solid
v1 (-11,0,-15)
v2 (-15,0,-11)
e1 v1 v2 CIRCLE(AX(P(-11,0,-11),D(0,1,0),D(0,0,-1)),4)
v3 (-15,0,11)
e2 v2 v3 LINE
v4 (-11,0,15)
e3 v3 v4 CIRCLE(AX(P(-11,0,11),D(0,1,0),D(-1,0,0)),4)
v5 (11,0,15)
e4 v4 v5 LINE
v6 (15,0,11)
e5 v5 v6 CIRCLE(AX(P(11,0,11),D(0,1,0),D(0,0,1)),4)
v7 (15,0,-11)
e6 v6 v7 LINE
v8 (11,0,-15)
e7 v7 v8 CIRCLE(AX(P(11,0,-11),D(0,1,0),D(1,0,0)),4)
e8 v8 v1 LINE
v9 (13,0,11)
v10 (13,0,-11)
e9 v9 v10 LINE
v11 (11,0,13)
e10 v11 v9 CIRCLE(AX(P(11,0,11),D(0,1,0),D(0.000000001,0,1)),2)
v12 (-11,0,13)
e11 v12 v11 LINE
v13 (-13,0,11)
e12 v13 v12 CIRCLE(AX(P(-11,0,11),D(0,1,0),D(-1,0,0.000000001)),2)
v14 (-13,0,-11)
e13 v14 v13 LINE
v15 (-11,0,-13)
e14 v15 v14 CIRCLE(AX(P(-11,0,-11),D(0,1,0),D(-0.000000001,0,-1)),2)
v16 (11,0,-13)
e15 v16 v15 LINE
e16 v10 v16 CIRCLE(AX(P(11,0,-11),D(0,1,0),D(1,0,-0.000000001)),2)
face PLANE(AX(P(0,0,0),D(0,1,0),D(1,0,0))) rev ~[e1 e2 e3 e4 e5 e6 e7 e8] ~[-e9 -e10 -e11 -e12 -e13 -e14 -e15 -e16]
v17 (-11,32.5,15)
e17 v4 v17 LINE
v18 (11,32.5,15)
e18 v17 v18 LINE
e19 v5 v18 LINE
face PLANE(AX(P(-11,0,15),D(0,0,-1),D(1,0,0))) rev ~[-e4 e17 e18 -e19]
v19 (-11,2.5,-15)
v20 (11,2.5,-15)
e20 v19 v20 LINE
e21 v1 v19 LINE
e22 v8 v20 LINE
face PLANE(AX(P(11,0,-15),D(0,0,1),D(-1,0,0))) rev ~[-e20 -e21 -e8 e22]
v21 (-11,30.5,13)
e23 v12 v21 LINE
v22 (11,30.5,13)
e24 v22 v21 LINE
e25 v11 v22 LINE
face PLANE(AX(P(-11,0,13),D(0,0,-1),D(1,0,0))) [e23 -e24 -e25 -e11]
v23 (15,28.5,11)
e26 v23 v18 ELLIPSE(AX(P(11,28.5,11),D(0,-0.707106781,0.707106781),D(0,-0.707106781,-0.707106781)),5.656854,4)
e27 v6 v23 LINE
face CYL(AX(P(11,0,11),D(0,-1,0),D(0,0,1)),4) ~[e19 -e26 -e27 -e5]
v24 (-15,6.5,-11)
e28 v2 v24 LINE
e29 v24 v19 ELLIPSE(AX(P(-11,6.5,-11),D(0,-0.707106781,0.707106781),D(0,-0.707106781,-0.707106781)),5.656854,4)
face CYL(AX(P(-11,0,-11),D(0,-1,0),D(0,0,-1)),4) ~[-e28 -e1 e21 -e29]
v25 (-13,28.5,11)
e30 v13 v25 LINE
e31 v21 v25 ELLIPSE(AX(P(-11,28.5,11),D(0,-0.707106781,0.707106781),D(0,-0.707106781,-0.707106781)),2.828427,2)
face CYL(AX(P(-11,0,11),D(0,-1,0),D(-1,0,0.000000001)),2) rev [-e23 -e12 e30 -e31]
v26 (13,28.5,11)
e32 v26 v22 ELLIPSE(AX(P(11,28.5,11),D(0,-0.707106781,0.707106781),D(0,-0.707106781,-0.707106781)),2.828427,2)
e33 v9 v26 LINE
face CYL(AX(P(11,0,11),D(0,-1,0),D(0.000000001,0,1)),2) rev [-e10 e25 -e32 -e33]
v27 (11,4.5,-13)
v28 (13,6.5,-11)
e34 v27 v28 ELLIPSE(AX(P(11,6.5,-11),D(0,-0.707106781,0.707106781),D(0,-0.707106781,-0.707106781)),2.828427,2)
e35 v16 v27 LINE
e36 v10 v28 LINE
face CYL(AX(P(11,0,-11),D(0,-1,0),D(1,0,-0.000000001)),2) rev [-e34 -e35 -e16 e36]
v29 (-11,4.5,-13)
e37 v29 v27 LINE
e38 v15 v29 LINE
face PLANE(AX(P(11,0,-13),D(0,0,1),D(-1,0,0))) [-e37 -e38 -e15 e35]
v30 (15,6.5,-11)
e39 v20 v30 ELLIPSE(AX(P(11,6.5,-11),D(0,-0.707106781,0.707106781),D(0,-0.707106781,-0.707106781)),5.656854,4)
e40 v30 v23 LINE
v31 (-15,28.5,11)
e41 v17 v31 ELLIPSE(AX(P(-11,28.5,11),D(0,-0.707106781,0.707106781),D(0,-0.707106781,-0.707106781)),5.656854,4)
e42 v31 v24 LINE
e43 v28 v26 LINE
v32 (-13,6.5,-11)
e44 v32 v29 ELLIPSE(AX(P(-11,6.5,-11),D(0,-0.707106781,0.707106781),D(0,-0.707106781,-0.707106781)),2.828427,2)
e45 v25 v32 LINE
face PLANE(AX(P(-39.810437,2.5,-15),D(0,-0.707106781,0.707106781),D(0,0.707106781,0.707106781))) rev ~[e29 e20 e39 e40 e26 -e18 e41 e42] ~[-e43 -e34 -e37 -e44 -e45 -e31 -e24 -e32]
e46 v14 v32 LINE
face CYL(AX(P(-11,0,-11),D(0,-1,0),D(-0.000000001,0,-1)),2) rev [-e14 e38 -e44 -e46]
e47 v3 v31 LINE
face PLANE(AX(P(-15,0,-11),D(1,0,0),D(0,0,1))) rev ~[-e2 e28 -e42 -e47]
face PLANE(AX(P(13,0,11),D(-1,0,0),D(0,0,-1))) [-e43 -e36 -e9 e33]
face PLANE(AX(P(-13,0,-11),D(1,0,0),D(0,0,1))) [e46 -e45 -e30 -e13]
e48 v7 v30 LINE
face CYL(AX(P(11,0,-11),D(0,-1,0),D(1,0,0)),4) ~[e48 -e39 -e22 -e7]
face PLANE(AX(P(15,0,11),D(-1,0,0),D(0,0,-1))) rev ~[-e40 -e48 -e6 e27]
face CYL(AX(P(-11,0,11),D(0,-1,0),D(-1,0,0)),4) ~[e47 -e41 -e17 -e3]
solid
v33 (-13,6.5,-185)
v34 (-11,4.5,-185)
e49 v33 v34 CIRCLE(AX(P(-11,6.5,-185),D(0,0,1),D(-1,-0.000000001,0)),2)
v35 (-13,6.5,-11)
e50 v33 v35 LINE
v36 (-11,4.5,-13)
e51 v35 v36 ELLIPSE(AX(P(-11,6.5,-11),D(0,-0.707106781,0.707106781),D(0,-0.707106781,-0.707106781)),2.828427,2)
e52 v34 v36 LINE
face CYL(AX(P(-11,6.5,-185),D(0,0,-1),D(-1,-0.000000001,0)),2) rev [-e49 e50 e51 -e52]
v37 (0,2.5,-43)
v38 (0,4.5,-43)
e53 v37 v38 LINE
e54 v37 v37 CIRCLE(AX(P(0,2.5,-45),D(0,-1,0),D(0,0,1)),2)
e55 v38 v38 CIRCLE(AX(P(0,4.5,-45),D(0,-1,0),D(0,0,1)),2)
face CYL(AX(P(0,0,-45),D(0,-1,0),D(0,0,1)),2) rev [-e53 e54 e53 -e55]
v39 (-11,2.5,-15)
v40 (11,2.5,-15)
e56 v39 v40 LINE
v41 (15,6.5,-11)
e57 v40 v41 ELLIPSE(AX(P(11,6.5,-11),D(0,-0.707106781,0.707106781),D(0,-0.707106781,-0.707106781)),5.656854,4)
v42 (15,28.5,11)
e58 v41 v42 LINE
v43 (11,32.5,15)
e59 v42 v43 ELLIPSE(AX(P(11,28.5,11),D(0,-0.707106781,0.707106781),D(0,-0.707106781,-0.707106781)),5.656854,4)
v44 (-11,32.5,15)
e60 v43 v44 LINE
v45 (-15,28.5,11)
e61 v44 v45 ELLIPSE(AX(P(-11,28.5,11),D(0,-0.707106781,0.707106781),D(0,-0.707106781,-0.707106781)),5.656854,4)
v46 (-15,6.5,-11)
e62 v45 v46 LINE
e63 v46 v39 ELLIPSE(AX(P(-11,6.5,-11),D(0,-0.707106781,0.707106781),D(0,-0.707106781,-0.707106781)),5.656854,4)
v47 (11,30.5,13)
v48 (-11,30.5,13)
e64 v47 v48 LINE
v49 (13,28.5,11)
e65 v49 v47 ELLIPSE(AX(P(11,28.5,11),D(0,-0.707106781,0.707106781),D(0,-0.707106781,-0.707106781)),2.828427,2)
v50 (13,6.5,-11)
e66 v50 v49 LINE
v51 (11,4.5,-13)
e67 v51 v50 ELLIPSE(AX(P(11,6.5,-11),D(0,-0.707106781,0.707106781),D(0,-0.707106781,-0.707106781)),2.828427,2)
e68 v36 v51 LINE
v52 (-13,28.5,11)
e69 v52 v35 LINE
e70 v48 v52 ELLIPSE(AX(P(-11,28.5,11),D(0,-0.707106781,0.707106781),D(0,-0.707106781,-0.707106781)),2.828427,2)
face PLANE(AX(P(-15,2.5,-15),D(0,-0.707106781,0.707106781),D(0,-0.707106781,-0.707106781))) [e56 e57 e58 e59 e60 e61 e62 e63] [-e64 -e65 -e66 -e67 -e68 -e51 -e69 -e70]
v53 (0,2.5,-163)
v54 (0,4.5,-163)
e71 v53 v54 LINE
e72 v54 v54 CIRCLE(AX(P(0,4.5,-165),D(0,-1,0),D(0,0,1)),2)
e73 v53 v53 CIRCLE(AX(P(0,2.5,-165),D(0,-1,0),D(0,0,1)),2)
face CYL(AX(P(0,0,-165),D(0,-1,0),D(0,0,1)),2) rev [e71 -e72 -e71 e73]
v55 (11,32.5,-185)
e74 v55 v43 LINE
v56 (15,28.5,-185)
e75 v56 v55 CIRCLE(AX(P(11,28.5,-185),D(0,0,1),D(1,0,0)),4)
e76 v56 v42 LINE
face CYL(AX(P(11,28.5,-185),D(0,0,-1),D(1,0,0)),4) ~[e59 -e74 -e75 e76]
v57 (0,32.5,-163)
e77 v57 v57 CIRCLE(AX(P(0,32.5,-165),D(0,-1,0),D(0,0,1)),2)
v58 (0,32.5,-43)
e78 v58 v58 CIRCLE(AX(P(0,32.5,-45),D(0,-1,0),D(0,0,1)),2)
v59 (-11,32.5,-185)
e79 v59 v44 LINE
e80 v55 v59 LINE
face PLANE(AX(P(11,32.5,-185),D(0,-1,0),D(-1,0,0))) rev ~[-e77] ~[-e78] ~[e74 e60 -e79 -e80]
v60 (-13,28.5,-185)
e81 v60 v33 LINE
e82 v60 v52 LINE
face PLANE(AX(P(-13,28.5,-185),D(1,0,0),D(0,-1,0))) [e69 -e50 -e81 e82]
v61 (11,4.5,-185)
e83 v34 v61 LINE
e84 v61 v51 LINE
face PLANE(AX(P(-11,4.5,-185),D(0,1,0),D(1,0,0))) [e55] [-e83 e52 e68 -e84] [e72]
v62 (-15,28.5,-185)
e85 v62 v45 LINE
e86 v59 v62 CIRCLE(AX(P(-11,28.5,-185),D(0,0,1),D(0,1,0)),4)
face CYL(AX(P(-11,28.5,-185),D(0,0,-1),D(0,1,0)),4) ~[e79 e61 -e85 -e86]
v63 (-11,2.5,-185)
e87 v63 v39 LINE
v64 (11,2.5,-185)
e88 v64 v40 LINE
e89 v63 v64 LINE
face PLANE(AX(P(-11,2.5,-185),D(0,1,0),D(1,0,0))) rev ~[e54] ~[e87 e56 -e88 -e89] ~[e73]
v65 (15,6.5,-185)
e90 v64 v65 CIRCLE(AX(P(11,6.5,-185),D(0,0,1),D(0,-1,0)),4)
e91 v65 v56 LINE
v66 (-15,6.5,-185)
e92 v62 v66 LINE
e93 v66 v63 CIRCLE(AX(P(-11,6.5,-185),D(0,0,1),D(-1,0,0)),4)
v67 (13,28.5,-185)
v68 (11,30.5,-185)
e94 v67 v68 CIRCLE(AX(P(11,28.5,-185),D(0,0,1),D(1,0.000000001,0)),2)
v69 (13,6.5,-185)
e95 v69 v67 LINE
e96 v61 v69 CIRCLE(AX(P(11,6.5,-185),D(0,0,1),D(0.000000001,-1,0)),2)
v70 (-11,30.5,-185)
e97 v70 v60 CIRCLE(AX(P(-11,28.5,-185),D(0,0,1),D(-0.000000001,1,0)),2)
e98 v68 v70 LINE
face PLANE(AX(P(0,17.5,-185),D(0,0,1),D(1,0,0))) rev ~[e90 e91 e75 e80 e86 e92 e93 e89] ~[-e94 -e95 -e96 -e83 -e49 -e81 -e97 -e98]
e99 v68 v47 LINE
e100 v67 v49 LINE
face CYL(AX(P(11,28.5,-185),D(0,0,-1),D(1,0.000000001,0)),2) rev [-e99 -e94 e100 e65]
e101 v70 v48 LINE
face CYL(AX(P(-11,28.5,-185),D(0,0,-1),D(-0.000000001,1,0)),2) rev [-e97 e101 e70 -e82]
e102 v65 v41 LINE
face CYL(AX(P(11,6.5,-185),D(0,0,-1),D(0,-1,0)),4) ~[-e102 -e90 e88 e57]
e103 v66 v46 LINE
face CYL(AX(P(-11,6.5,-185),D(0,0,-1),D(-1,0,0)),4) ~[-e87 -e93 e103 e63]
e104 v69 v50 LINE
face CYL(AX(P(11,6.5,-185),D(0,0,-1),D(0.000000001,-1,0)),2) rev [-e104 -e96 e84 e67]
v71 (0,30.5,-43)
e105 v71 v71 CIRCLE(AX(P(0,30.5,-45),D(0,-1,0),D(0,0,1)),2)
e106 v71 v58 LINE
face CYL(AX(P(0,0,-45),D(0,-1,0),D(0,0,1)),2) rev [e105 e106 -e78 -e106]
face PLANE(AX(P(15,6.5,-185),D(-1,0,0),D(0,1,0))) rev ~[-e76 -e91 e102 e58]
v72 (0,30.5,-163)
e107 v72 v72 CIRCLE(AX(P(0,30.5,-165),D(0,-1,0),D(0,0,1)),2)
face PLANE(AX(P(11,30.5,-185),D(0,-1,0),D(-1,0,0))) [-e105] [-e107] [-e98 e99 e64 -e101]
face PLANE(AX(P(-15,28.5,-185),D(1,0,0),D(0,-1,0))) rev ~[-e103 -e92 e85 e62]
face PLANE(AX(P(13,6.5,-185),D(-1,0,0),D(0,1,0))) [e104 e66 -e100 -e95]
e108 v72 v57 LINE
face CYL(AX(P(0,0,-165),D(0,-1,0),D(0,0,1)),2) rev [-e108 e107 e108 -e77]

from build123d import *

# Parameters (mm, degrees)
EXTRUDE_1_DEPTH          = 32.5
CUT_EXTRUDE_1_DEPTH      = 39.810436741
CUT_EXTRUDE_1_DEPTH_BACK = 39.810436741
EXTRUDE_2_REACH          = 205.178
SKETCH_4_R               = 2
CUT_EXTRUDE_2_DEPTH      = 189.431021862


with BuildPart() as part:
    # 草图1 → 凸台-拉伸1 (new body)
    with BuildSketch(Plane(origin=(0, 0, 0), x_dir=(1, 0, 0), z_dir=(0, 1, 0))):
        with BuildLine():
            Line((-11, -15), (11, -15))
            ThreePointArc((11, -15), (13.828427125, -13.828427125), (15, -11))
            Line((15, -11), (15, 11))
            ThreePointArc((15, 11), (13.828427125, 13.828427125), (11, 15))
            Line((11, 15), (-11, 15))
            ThreePointArc((-11, 15), (-13.828427125, 13.828427125), (-15, 11))
            Line((-15, 11), (-15, -11))
            ThreePointArc((-15, -11), (-13.828427125, -13.828427125), (-11, -15))
        make_face()
        with BuildLine():
            Line((-11, -13), (11, -13))
            ThreePointArc((11, -13), (12.414213562, -12.414213562), (13, -11))
            Line((13, -11), (13, 11))
            ThreePointArc((13, 11), (12.414213562, 12.414213562), (11, 13))
            Line((11, 13), (-11, 13))
            ThreePointArc((-11, 13), (-12.414213562, 12.414213562), (-13, 11))
            Line((-13, 11), (-13, -11))
            ThreePointArc((-13, -11), (-12.414213562, -12.414213562), (-11, -13))
        make_face(mode=Mode.SUBTRACT)
    extrude(amount=EXTRUDE_1_DEPTH)

    # 草图2 → 切除-拉伸1 (cut, two sides: drawn at the far end of the back side and taken through both)
    with BuildSketch(Plane(origin=(0, 0, 0), x_dir=(0, 0, -1), z_dir=(1, 0, 0)).offset(-CUT_EXTRUDE_1_DEPTH_BACK)):
        Polygon((-15, 32.5), (15, 32.5), (15, 2.5), align=None)
    extrude(amount=CUT_EXTRUDE_1_DEPTH + CUT_EXTRUDE_1_DEPTH_BACK, mode=Mode.SUBTRACT)


with BuildPart() as body_2:
    # 凸台-拉伸2: up to this plane
    extrude_2_end = Plane(origin=(-15, 2.5, -15), z_dir=(0, -0.7071067811865513, 0.7071067811865438))
    # 草图3 → 凸台-拉伸2 (new, up to the surface)
    with BuildSketch(Plane.XY.offset(-185), mode=Mode.PRIVATE) as extrude_2_sk1:
        with BuildLine():
            Line((-11, 2.5), (11, 2.5))
            ThreePointArc((11, 2.5), (13.828427125, 3.671572875), (15, 6.5))
            Line((15, 6.5), (15, 28.5))
            ThreePointArc((15, 28.5), (13.828427125, 31.328427125), (11, 32.5))
            Line((11, 32.5), (-11, 32.5))
            ThreePointArc((-11, 32.5), (-13.828427125, 31.328427125), (-15, 28.5))
            Line((-15, 28.5), (-15, 6.5))
            ThreePointArc((-15, 6.5), (-13.828427125, 3.671572875), (-11, 2.5))
        make_face()
        with BuildLine():
            Line((-11, 4.5), (11, 4.5))
            ThreePointArc((11, 4.5), (12.414213562, 5.085786438), (13, 6.5))
            Line((13, 6.5), (13, 28.5))
            ThreePointArc((13, 28.5), (12.414213562, 29.914213562), (11, 30.5))
            Line((11, 30.5), (-11, 30.5))
            ThreePointArc((-11, 30.5), (-12.414213562, 29.914213562), (-13, 28.5))
            Line((-13, 28.5), (-13, 6.5))
            ThreePointArc((-13, 6.5), (-12.414213562, 5.085786438), (-11, 4.5))
        make_face(mode=Mode.SUBTRACT)
    extrude_2_tool1 = split(extrude(extrude_2_sk1.sketch, amount=EXTRUDE_2_REACH, mode=Mode.PRIVATE), bisect_by=extrude_2_end, keep=Keep.BOTH, mode=Mode.PRIVATE)
    add(extrude_2_tool1.solids().sort_by_distance((0, 2.924264, -185))[0])

    # 草图4 → 切除-拉伸2 (cut, through all)
    with BuildSketch(Plane(origin=(0, 0, 0), x_dir=(1, 0, 0), z_dir=(0, 1, 0))):
        with Locations(Location((0, 165, 0), (0, 0, 270))):
            Circle(SKETCH_4_R)
        with Locations(Location((0, 45, 0), (0, 0, 270))):
            Circle(SKETCH_4_R)
    extrude(amount=CUT_EXTRUDE_2_DEPTH, mode=Mode.SUBTRACT)


solid = Compound([part.part, body_2.part])
